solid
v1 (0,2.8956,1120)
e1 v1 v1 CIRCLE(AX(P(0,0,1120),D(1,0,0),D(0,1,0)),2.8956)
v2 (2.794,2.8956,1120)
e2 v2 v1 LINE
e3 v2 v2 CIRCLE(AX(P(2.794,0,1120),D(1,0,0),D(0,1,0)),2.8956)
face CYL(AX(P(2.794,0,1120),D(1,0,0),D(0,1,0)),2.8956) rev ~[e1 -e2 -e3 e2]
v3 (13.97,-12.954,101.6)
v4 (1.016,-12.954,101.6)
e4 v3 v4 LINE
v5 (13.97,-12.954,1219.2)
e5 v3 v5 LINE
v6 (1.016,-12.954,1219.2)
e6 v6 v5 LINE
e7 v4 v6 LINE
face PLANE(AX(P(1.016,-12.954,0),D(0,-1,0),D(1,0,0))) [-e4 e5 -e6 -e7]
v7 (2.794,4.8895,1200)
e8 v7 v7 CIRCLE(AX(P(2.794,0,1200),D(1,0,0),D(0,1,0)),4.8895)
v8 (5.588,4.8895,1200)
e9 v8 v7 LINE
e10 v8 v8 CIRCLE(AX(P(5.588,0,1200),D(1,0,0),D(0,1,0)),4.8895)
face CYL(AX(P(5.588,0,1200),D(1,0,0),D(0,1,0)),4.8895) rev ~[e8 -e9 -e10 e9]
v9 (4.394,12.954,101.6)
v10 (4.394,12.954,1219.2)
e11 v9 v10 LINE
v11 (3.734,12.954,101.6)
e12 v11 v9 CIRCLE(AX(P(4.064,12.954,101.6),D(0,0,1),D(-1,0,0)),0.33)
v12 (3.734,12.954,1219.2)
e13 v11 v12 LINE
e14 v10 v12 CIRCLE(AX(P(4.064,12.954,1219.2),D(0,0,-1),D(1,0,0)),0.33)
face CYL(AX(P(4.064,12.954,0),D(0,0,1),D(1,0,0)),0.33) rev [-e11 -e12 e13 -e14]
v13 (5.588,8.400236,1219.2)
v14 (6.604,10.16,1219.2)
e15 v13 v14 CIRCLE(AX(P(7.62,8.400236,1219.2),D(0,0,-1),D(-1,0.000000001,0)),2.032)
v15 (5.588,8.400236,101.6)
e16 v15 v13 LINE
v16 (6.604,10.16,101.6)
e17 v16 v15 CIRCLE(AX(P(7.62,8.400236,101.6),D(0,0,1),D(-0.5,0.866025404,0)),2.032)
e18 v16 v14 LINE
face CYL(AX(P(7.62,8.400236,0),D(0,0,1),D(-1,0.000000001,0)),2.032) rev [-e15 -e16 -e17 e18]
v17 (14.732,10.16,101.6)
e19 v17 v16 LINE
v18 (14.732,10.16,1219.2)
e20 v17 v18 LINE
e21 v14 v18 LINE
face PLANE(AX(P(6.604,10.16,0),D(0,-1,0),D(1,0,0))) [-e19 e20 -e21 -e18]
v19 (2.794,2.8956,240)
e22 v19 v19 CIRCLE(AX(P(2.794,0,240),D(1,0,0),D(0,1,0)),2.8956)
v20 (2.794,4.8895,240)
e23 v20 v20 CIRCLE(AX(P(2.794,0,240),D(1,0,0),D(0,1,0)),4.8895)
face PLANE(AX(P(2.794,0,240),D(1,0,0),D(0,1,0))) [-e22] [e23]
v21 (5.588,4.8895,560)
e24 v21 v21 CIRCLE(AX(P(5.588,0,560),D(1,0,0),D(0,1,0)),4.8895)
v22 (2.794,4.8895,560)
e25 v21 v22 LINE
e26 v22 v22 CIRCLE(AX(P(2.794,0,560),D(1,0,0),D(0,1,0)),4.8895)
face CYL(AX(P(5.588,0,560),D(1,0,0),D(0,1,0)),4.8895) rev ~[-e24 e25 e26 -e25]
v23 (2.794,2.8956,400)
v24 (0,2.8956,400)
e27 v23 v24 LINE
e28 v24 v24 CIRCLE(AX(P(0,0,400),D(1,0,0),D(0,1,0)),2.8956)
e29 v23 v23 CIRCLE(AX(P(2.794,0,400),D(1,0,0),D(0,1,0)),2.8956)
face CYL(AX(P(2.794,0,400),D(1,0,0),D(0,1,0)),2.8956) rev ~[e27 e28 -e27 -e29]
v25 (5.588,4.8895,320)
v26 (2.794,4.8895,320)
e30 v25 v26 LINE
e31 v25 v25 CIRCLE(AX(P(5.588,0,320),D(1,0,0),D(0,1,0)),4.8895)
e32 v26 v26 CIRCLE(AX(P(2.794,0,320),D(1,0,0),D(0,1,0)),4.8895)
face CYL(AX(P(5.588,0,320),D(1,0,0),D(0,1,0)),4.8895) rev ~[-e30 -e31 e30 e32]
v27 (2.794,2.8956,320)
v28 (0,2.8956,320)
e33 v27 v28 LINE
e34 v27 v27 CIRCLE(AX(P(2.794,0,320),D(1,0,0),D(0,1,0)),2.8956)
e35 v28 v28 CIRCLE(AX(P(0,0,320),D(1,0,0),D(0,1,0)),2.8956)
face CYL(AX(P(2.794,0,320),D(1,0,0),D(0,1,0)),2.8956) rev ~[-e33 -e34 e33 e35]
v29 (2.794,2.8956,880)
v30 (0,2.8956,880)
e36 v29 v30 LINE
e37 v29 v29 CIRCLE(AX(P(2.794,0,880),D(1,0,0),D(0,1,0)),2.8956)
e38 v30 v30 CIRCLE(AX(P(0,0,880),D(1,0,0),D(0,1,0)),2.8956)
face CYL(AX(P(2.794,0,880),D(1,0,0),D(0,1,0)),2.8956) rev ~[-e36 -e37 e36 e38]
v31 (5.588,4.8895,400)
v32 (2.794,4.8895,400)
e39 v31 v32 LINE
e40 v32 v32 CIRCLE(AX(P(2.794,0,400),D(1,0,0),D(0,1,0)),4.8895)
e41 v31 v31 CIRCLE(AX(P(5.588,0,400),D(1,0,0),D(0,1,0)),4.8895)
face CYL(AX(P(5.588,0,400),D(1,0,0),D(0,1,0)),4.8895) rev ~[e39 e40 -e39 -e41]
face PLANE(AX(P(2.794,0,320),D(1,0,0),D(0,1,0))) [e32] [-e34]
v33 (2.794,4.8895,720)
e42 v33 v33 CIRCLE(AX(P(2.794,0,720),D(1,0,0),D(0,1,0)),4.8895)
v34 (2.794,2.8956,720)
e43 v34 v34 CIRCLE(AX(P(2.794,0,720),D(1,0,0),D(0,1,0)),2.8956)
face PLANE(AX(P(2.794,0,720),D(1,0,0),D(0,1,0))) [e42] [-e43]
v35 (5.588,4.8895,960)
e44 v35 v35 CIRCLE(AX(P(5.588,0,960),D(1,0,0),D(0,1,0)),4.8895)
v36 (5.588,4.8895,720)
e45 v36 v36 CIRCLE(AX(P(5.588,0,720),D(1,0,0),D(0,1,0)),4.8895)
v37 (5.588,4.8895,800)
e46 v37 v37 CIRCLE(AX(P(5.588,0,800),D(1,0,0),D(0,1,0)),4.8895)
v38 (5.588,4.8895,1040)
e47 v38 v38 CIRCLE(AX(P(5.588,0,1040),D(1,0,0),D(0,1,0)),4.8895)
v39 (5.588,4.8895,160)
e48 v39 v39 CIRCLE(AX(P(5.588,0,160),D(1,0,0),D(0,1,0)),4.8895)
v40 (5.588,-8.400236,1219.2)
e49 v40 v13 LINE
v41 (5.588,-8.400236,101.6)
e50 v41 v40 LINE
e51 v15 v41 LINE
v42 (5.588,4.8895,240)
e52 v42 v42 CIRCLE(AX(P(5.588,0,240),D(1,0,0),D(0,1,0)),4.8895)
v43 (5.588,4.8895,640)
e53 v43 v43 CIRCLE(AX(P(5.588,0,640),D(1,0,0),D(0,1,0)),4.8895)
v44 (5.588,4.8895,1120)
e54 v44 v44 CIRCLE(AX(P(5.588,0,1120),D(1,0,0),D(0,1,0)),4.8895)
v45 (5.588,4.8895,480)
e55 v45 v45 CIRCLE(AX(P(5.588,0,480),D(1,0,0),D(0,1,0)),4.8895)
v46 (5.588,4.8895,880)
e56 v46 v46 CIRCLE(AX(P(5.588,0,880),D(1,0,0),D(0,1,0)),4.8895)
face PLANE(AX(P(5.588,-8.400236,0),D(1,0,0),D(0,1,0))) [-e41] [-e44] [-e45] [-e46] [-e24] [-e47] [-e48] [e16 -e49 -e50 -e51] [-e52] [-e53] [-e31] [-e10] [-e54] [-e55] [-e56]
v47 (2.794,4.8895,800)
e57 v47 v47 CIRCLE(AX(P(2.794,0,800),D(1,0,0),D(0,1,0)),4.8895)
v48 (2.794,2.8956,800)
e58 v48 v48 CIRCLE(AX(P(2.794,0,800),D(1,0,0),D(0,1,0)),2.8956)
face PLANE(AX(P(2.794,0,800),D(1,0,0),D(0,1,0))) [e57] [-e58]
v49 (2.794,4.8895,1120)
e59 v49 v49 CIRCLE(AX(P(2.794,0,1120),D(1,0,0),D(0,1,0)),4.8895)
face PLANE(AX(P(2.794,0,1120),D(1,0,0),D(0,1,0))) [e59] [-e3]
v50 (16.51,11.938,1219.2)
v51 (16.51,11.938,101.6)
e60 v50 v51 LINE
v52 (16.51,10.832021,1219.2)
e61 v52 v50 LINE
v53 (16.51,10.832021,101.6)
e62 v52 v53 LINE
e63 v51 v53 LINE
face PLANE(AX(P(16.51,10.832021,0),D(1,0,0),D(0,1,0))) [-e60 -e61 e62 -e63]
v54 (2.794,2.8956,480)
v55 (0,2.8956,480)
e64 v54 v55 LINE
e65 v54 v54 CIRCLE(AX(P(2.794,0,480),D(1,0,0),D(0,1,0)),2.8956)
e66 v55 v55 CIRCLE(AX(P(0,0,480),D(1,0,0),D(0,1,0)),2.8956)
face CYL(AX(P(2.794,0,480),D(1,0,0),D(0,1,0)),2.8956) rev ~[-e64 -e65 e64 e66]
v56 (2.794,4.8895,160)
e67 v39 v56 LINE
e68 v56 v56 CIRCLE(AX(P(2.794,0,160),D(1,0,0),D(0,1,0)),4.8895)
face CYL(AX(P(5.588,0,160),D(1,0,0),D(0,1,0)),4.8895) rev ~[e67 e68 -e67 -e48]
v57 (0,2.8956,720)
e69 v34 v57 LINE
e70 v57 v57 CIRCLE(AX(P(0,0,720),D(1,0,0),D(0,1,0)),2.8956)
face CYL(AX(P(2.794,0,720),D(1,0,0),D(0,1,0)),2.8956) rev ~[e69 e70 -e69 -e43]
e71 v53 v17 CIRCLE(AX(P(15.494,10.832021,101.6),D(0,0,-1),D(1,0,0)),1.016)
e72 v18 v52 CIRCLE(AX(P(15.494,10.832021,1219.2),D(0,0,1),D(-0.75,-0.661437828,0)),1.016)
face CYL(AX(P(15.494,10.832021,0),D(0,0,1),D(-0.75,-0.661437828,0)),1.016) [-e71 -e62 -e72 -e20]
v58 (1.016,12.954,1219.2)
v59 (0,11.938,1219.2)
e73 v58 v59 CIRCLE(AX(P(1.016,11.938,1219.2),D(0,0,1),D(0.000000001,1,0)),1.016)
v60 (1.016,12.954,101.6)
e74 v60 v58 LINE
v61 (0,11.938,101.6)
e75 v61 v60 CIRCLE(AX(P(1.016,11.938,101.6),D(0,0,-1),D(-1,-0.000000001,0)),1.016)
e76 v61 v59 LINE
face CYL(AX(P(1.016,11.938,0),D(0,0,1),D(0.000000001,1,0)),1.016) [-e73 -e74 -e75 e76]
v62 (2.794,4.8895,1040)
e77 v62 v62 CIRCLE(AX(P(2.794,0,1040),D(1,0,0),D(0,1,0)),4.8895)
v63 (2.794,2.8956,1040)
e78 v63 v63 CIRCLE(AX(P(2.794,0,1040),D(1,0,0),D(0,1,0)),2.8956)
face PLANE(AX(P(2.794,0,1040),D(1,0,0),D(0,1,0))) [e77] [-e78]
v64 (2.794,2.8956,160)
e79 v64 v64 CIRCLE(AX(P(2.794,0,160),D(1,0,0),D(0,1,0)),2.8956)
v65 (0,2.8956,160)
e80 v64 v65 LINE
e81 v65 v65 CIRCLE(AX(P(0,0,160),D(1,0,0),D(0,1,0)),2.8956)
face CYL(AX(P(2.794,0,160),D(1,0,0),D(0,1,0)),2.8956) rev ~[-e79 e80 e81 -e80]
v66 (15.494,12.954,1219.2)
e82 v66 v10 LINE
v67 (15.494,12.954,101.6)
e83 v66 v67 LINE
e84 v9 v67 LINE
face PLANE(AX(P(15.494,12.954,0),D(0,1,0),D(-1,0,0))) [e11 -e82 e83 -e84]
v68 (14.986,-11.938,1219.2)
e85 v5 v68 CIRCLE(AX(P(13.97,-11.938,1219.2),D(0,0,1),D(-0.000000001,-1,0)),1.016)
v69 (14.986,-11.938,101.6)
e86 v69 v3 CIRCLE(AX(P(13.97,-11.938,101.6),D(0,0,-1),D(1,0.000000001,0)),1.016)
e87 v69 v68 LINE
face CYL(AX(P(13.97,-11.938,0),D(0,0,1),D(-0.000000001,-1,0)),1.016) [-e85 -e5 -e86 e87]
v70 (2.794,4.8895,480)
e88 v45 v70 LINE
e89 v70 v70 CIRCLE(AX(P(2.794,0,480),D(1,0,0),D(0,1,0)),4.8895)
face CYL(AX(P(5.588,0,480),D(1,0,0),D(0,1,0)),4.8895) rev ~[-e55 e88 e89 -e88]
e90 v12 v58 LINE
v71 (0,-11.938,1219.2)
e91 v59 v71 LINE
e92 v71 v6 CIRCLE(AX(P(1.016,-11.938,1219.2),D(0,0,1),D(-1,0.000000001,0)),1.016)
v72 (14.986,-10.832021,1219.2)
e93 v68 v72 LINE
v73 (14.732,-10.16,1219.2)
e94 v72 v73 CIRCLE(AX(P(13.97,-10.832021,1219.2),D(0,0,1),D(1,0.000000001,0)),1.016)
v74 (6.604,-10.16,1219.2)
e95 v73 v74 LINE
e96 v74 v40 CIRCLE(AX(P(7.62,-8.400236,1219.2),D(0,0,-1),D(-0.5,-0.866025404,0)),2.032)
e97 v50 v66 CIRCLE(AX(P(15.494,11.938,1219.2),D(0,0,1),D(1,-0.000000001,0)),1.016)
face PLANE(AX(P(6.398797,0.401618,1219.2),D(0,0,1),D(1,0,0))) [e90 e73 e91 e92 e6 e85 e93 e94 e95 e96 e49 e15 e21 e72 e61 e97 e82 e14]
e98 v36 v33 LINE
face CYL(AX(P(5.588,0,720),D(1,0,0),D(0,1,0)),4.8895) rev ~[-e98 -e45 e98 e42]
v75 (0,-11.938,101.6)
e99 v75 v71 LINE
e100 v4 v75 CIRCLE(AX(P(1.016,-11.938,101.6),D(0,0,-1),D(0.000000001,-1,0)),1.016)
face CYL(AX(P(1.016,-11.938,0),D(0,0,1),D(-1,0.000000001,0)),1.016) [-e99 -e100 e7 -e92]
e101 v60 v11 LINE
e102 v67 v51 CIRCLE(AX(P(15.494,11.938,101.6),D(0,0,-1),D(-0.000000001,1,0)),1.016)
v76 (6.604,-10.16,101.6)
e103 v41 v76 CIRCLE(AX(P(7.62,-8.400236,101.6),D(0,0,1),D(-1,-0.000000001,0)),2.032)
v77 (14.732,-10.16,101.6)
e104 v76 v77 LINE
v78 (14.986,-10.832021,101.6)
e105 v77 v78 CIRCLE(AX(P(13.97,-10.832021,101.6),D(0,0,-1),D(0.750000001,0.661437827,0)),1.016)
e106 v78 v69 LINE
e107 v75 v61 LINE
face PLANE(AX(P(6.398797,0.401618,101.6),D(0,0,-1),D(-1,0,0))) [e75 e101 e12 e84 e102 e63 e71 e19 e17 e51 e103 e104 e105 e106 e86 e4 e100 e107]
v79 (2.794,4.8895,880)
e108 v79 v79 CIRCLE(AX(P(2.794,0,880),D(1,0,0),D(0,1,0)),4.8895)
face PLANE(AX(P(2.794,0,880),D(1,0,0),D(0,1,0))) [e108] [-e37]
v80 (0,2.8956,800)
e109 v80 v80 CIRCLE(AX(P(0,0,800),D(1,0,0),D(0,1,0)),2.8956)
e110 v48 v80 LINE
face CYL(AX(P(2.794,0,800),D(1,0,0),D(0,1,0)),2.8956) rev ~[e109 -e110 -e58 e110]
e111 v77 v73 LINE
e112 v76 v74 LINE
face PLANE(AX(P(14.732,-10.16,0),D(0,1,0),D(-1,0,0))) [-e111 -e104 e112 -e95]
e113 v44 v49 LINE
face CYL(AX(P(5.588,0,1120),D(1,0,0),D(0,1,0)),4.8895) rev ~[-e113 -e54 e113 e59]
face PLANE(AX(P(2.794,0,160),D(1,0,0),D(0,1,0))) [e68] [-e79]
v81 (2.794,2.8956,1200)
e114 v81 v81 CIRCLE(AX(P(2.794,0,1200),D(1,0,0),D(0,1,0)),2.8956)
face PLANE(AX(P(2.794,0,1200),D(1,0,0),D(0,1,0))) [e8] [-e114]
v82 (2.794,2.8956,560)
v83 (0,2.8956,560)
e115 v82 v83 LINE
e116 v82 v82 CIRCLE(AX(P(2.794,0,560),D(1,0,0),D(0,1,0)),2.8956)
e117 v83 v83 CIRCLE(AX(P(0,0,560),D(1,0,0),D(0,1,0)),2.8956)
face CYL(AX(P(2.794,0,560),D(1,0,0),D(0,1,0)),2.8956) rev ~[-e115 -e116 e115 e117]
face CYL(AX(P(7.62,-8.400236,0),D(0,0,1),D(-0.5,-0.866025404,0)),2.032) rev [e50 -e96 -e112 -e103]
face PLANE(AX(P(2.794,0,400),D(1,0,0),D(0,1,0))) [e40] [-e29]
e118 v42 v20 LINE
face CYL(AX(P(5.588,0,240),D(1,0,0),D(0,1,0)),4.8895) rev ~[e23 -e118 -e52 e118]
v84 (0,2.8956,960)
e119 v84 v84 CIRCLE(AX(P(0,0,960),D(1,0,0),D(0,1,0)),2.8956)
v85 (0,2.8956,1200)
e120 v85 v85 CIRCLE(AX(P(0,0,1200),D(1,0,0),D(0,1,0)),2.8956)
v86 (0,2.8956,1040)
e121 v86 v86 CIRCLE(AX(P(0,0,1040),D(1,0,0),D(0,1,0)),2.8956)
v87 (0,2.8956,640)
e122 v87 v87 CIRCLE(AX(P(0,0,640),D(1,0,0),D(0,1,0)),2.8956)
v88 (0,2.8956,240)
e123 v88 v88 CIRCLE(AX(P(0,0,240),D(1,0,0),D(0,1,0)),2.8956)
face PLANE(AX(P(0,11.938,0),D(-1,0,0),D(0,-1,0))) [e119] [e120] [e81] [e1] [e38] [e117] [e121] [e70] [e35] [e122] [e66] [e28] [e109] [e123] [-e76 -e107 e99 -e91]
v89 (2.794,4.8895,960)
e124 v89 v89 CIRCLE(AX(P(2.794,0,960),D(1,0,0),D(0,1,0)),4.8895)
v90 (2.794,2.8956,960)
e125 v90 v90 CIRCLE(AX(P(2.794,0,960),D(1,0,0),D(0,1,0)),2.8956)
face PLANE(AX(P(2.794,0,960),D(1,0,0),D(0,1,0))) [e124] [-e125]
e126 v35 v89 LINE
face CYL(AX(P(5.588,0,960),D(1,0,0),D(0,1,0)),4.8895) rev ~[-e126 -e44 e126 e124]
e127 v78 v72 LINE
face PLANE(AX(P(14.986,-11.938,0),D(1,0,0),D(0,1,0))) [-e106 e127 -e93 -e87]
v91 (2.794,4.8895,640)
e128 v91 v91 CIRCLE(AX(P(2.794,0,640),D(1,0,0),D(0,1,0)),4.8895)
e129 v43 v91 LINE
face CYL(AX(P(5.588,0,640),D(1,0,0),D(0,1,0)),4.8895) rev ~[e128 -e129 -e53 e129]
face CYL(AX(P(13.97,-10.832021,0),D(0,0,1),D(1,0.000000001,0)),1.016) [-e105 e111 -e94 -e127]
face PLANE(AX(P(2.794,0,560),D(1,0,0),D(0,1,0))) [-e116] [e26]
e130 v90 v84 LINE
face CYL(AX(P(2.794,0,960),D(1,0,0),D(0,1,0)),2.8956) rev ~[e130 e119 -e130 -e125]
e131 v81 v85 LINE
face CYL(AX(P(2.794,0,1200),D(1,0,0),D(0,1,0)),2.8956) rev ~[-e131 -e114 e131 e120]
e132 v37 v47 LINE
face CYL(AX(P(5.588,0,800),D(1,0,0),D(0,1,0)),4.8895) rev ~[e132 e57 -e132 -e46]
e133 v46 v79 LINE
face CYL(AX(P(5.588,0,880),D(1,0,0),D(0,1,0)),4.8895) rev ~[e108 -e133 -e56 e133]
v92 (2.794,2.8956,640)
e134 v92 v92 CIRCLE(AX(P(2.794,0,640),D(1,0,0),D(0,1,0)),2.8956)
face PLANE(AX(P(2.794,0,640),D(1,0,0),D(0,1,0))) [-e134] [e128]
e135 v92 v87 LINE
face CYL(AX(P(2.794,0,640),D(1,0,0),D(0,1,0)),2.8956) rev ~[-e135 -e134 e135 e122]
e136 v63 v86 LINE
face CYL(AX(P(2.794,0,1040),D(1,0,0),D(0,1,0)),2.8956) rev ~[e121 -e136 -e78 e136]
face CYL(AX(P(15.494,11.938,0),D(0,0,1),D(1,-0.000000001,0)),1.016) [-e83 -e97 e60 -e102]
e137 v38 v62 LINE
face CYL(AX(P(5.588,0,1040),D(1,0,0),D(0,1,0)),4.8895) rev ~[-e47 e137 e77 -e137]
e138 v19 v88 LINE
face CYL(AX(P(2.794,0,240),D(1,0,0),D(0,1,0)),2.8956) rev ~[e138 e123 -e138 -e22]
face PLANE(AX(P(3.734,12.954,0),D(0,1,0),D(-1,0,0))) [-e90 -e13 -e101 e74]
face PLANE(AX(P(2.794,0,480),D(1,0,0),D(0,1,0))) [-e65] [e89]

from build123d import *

# Parameters (mm, degrees)
BOSS_EXTRUDE1_DEPTH = 1219.2
SKETCH2_R           = 4.8895
CUT_EXTRUDE1_DEPTH  = 2.794
SKETCH3_R           = 2.8956
CUT_EXTRUDE2_DEPTH  = 1220.345961888
LPATTERN1_COUNT     = 31
LPATTERN1_PITCH     = 80
CUT_EXTRUDE3_START  = -1320.8
CUT_EXTRUDE3_DEPTH  = 1320.8


with BuildPart() as part:
    # Sketch1 → Boss-Extrude1 (new, symmetric)
    with BuildSketch(Plane.XY):
        with BuildLine():
            Line((15.494, 12.954), (4.394, 12.954))
            ThreePointArc((4.394, 12.954), (4.064, 12.624), (3.734, 12.954))
            Line((3.734, 12.954), (1.016, 12.954))
            ThreePointArc((1.016, 12.954), (0.29757951, 12.65642049), (0, 11.938))
            Line((0, 11.938), (0, -11.938))
            ThreePointArc((0, -11.938), (0.29757951, -12.65642049), (1.016, -12.954))
            Line((1.016, -12.954), (13.97, -12.954))
            ThreePointArc((13.97, -12.954), (14.68842049, -12.65642049), (14.986, -11.938))
            Line((14.986, -11.938), (14.986, -10.832020833))
            ThreePointArc((14.986, -10.832020833), (14.920380976, -10.472810588), (14.732, -10.16))
            Line((14.732, -10.16), (6.604, -10.16))
            ThreePointArc((6.604, -10.16), (5.86023638, -9.41623638), (5.588, -8.40023638))
            Line((5.588, -8.40023638), (5.588, 8.40023638))
            ThreePointArc((5.588, 8.40023638), (5.86023638, 9.41623638), (6.604, 10.16))
            Line((6.604, 10.16), (14.732, 10.16))
            ThreePointArc((14.732, 10.16), (15.853210245, 9.881639857), (16.51, 10.832020833))
            Line((16.51, 10.832020833), (16.51, 11.938))
            ThreePointArc((16.51, 11.938), (16.21242049, 12.65642049), (15.494, 12.954))
        make_face()
    extrude(amount=BOSS_EXTRUDE1_DEPTH, both=True)

    # Sketch2 → Cut-Extrude1 (cut)
    with BuildSketch(Plane(origin=(5.588, 0, 0), x_dir=(0, 0, -1), z_dir=(1, 0, 0))):
        with Locations(Location((-1200, 0, 0), (0, 0, 90))):
            Circle(SKETCH2_R)
    cut_extrude1 = extrude(amount=-CUT_EXTRUDE1_DEPTH, mode=Mode.SUBTRACT)

    # Sketch3 → Cut-Extrude2 (cut, through all)
    with BuildSketch(Plane(origin=(2.794, 0, 0), x_dir=(0, 0, -1), z_dir=(1, 0, 0))):
        with Locations(Location((-1200, 0, 0), (0, 0, 90))):
            Circle(SKETCH3_R)
    cut_extrude2 = extrude(amount=-CUT_EXTRUDE2_DEPTH, mode=Mode.SUBTRACT)

    # LPattern1: Cut-Extrude1, Cut-Extrude2 ×31
    with Locations(*[(0, 0, -i * LPATTERN1_PITCH) for i in range(1, LPATTERN1_COUNT)]):
        add(cut_extrude1, mode=Mode.SUBTRACT)
        add(cut_extrude2, mode=Mode.SUBTRACT)

    # Sketch5 → Cut-Extrude3 (cut)
    with BuildSketch(Plane(origin=(0, 0, -1219.2), x_dir=(-1, 0, 0), z_dir=(0, 0, -1)).offset(CUT_EXTRUDE3_START)):
        with BuildLine():
            Line((-16.51, 11.938), (-16.51, 10.832020833))
            ThreePointArc((-16.51, 10.832020833), (-15.853210245, 9.881639857), (-14.732, 10.16))
            Line((-14.732, 10.16), (-6.604, 10.16))
            ThreePointArc((-6.604, 10.16), (-5.86023638, 9.41623638), (-5.588, 8.40023638))
            Line((-5.588, 8.40023638), (-5.588, -8.40023638))
            ThreePointArc((-5.588, -8.40023638), (-5.86023638, -9.41623638), (-6.604, -10.16))
            Line((-6.604, -10.16), (-14.732, -10.16))
            ThreePointArc((-14.732, -10.16), (-14.920380976, -10.472810588), (-14.986, -10.832020833))
            Line((-14.986, -10.832020833), (-14.986, -11.938))
            ThreePointArc((-14.986, -11.938), (-14.68842049, -12.65642049), (-13.97, -12.954))
            Line((-13.97, -12.954), (-1.016, -12.954))
            ThreePointArc((-1.016, -12.954), (-0.29757951, -12.65642049), (0, -11.938))
            Line((0, -11.938), (0, 11.938))
            ThreePointArc((0, 11.938), (-0.29757951, 12.65642049), (-1.016, 12.954))
            Line((-1.016, 12.954), (-3.734, 12.954))
            ThreePointArc((-3.734, 12.954), (-4.064, 12.624), (-4.394, 12.954))
            Line((-4.394, 12.954), (-15.494, 12.954))
            ThreePointArc((-15.494, 12.954), (-16.21242049, 12.65642049), (-16.51, 11.938))
        make_face()
    extrude(amount=CUT_EXTRUDE3_DEPTH, mode=Mode.SUBTRACT)


solid = part.part
